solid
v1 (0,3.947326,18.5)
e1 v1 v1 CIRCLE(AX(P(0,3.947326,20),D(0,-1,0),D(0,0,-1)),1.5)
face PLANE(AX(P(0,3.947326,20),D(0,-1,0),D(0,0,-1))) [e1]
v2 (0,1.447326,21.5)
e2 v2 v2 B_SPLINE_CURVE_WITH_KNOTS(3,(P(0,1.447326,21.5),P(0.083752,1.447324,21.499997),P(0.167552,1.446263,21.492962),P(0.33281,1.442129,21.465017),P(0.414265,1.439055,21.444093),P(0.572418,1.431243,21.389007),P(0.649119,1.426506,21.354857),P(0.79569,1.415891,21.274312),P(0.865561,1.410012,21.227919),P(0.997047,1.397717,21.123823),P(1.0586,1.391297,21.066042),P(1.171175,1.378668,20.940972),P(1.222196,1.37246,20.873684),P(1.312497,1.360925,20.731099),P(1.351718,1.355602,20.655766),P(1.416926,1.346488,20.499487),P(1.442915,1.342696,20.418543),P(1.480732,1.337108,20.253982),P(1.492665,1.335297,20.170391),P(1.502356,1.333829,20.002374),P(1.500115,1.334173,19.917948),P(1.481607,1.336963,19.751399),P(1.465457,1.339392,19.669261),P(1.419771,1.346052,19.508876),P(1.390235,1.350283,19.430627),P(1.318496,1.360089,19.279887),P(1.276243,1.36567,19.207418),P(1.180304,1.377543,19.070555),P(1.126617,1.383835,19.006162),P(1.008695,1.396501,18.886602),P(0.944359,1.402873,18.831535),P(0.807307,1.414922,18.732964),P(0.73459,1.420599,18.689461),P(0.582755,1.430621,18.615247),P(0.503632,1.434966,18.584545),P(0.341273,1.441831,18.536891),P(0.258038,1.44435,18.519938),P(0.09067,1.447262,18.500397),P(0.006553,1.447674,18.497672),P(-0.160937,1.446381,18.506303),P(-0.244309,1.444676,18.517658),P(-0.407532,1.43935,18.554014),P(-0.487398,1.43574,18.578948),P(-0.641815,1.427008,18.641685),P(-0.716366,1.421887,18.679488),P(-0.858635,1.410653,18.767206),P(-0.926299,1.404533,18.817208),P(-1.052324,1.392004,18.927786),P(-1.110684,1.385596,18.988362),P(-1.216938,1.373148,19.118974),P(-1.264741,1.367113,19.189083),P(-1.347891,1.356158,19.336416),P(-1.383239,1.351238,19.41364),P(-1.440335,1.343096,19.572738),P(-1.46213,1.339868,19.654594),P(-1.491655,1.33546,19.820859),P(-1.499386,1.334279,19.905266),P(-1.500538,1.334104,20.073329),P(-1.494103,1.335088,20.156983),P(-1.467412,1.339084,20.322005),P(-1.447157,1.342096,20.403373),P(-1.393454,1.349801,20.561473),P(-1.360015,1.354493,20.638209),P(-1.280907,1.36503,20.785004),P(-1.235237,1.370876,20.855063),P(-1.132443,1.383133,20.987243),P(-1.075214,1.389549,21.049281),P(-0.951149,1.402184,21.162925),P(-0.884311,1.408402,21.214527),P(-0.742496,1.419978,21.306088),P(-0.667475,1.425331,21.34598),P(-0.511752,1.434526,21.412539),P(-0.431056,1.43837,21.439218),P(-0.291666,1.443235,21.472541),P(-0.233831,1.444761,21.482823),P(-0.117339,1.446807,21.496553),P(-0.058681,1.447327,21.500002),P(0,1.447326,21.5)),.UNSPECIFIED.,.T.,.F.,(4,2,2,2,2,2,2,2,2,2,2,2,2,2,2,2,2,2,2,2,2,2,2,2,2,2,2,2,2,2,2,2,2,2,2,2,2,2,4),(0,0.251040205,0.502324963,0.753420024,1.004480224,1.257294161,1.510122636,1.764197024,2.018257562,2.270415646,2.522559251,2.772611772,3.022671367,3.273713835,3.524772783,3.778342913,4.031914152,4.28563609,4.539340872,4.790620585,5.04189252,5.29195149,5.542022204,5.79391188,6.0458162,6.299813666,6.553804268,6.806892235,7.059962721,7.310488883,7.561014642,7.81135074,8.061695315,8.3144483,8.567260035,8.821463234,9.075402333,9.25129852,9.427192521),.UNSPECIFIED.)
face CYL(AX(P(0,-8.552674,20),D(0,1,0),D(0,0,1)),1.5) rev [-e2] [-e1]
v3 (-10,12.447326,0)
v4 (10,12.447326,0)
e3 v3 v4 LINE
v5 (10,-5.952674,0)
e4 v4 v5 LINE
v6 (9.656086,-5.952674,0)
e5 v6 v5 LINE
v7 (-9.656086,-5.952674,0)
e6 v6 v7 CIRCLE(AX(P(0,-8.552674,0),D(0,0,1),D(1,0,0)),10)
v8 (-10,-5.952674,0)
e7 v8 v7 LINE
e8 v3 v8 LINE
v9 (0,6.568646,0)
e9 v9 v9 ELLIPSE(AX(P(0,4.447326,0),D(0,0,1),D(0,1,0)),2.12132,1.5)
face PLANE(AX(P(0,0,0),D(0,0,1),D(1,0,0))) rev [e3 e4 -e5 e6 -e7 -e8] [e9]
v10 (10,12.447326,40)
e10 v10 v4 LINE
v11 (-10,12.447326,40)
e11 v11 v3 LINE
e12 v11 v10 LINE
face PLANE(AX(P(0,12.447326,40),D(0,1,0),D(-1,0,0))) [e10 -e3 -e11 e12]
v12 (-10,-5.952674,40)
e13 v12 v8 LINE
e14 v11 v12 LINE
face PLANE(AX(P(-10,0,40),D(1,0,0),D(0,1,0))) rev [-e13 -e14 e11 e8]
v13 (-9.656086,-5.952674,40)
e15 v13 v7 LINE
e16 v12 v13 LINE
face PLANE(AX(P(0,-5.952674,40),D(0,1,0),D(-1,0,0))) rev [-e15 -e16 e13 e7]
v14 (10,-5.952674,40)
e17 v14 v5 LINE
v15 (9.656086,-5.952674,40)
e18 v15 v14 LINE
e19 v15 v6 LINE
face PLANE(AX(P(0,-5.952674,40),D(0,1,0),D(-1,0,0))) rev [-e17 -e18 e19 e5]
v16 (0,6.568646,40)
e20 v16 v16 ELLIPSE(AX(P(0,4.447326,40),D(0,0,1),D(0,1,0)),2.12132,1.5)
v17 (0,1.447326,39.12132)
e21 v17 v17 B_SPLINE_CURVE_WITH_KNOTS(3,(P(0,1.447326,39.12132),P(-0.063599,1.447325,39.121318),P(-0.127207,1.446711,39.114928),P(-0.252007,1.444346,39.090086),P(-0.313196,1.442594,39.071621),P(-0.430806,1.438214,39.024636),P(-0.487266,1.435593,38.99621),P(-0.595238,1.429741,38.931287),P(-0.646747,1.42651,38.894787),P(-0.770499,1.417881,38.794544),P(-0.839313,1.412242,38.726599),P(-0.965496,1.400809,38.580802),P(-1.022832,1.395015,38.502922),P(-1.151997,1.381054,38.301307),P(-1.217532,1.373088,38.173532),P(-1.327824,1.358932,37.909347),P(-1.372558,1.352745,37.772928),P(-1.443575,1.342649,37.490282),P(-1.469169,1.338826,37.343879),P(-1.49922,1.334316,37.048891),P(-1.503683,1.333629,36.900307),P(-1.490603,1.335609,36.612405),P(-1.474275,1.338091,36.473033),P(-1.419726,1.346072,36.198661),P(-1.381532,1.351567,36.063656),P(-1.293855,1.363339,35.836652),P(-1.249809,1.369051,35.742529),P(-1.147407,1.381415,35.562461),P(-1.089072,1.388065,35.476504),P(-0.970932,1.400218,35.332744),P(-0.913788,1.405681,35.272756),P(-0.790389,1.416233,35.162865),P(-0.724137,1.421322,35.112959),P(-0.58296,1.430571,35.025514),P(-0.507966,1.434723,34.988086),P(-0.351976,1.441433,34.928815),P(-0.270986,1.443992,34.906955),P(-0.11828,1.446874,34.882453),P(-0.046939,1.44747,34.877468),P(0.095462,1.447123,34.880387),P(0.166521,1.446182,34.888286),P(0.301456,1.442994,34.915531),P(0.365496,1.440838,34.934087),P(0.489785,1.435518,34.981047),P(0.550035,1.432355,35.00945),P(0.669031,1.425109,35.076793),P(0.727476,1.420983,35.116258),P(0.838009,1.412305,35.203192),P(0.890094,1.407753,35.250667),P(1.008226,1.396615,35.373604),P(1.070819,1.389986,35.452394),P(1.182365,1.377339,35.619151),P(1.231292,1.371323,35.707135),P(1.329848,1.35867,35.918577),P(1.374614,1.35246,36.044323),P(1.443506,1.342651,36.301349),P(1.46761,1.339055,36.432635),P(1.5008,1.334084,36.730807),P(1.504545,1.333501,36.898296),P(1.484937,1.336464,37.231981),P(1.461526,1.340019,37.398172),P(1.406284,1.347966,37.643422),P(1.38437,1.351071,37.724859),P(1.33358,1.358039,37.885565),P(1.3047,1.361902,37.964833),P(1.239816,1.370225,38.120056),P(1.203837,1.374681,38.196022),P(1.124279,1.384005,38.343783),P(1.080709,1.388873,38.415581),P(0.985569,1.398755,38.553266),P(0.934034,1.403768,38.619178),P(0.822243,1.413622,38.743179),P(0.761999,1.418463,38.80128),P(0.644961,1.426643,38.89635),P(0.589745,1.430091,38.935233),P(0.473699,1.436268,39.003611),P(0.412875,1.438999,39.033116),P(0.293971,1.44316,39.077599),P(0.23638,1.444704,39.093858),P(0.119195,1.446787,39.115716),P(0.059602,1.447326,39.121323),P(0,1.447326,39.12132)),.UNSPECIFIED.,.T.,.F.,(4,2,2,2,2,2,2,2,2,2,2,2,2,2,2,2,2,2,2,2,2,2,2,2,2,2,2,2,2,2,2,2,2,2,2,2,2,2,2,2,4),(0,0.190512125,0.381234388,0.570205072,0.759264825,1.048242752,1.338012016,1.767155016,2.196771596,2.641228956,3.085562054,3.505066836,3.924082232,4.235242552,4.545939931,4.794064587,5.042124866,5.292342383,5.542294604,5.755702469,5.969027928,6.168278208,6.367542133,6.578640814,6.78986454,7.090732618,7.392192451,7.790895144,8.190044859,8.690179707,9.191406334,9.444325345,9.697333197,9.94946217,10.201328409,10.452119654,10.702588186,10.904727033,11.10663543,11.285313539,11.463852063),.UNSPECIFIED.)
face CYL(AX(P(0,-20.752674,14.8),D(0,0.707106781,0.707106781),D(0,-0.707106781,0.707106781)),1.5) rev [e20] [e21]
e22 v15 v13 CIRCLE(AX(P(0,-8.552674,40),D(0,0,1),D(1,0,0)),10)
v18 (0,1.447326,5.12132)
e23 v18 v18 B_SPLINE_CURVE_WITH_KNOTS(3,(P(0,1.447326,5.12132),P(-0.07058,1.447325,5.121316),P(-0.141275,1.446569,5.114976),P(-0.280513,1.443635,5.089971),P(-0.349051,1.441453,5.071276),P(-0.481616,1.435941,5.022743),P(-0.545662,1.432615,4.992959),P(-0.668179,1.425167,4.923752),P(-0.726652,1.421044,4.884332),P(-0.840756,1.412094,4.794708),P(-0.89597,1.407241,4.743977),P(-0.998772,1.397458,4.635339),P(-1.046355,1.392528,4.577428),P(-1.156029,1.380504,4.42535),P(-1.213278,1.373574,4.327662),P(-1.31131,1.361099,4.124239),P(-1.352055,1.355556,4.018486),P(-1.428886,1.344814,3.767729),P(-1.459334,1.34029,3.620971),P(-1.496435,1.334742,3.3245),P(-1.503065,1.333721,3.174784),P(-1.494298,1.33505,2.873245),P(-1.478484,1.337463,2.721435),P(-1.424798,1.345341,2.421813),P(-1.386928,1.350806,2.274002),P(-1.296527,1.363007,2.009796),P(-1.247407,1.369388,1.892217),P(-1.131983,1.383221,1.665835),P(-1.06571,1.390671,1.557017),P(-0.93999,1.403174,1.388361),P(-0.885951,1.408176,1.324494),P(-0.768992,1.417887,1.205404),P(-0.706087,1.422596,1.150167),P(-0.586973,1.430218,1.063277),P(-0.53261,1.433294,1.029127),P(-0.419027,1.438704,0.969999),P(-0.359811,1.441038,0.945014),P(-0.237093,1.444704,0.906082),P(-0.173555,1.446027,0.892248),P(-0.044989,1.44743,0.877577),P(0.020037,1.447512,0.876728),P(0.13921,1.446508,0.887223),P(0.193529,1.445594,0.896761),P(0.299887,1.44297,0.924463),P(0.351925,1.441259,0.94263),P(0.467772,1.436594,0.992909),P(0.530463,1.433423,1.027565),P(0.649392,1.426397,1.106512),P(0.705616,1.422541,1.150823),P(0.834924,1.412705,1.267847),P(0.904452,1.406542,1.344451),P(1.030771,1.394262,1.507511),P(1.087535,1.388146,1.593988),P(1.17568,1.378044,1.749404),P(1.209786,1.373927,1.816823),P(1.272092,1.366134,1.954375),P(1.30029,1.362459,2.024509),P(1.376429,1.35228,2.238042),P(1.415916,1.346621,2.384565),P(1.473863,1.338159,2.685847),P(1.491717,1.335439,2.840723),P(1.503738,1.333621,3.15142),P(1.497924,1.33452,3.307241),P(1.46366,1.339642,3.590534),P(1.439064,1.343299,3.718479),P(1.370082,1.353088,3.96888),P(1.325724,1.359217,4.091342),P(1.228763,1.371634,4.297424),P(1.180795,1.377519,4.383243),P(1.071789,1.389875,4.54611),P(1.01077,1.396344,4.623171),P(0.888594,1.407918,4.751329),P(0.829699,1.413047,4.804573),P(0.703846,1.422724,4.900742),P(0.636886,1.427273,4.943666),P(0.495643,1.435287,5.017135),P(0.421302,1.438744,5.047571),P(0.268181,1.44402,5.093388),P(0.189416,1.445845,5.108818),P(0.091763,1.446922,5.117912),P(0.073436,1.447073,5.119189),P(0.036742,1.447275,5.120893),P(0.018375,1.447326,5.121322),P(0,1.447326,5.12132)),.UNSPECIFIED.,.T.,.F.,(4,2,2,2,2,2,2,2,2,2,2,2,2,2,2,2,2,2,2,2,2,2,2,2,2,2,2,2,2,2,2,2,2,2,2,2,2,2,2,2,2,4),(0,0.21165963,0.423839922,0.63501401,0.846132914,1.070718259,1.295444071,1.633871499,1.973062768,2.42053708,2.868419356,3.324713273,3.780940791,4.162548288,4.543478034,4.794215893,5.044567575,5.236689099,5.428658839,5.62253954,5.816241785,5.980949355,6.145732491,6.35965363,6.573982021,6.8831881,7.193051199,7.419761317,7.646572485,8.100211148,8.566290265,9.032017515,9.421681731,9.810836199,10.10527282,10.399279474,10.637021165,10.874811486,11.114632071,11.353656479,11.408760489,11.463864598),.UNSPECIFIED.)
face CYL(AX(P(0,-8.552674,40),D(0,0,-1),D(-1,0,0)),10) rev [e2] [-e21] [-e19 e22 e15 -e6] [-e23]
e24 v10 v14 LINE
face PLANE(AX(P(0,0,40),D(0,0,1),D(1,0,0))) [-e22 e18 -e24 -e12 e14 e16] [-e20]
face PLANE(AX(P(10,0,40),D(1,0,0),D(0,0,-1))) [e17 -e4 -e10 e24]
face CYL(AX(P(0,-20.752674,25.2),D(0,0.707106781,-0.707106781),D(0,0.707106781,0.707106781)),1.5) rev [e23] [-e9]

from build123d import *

# Parameters (mm, degrees)
BOSS_EXTRUDE1_DEPTH     = 40
CUT_EXTRUDE4_DEPTH      = 38.253149736
CUT_EXTRUDE4_DEPTH_BACK = 38.253149736
SKETCH6_R               = 1.5
CUT_EXTRUDE5_DEPTH      = 45.579827261
CUT_EXTRUDE5_DEPTH_BACK = 45.579827261
SKETCH9_R               = 1.5
CUT_EXTRUDE8_DEPTH      = 10
CUT_EXTRUDE8_DEPTH_BACK = 2.5
SKETCH16_R              = 1.5


with BuildPart() as part:
    # Sketch2 → Boss-Extrude1 (new body)
    with BuildSketch(Plane.XY):
        with BuildLine():
            Line((10, 12.44732577), (-10, 12.44732577))
            Line((-10, 12.44732577), (-10, -5.95267423))
            Line((-10, -5.95267423), (-9.656086164, -5.95267423))
            ThreePointArc((-9.656086164, -5.95267423), (0, 1.44732577), (9.656086164, -5.95267423))
            Line((9.656086164, -5.95267423), (10, -5.95267423))
            Line((10, -5.95267423), (10, 12.44732577))
        make_face()
    extrude(amount=BOSS_EXTRUDE1_DEPTH)

    # Sketch6 → Cut-Extrude4 (cut, two sides: drawn at the far end of the back side and taken through both)
    with BuildSketch(Plane(origin=(0, 22.223662885, 22.223662885), x_dir=(0, -0.707106781186549, 0.7071067811865461), z_dir=(0, 0.7071067811865461, 0.707106781186549)).offset(-CUT_EXTRUDE4_DEPTH_BACK)):
        with Locations((25.139537037, 0)):
            Circle(SKETCH6_R)
    extrude(amount=CUT_EXTRUDE4_DEPTH + CUT_EXTRUDE4_DEPTH_BACK, mode=Mode.SUBTRACT)

    # Sketch9 → Cut-Extrude5 (cut, two sides: drawn at the far end of the back side and taken through both)
    with BuildSketch(Plane(origin=(0, 2.223662885, -2.223662885), x_dir=(0, 0.7071067811865389, 0.7071067811865562), z_dir=(0, 0.7071067811865562, -0.7071067811865389)).offset(-CUT_EXTRUDE5_DEPTH_BACK)):
        with Locations((3.14473421, 0)):
            Circle(SKETCH9_R)
    extrude(amount=CUT_EXTRUDE5_DEPTH + CUT_EXTRUDE5_DEPTH_BACK, mode=Mode.SUBTRACT)

    # Sketch16 → Cut-Extrude8 (cut, two sides: drawn at the far end of the back side and taken through both)
    with BuildSketch(Plane.XZ.offset(-1.44732577).offset(-CUT_EXTRUDE8_DEPTH_BACK)):
        with Locations((0, 20)):
            Circle(SKETCH16_R)
    extrude(amount=CUT_EXTRUDE8_DEPTH + CUT_EXTRUDE8_DEPTH_BACK, mode=Mode.SUBTRACT)


solid = part.part
